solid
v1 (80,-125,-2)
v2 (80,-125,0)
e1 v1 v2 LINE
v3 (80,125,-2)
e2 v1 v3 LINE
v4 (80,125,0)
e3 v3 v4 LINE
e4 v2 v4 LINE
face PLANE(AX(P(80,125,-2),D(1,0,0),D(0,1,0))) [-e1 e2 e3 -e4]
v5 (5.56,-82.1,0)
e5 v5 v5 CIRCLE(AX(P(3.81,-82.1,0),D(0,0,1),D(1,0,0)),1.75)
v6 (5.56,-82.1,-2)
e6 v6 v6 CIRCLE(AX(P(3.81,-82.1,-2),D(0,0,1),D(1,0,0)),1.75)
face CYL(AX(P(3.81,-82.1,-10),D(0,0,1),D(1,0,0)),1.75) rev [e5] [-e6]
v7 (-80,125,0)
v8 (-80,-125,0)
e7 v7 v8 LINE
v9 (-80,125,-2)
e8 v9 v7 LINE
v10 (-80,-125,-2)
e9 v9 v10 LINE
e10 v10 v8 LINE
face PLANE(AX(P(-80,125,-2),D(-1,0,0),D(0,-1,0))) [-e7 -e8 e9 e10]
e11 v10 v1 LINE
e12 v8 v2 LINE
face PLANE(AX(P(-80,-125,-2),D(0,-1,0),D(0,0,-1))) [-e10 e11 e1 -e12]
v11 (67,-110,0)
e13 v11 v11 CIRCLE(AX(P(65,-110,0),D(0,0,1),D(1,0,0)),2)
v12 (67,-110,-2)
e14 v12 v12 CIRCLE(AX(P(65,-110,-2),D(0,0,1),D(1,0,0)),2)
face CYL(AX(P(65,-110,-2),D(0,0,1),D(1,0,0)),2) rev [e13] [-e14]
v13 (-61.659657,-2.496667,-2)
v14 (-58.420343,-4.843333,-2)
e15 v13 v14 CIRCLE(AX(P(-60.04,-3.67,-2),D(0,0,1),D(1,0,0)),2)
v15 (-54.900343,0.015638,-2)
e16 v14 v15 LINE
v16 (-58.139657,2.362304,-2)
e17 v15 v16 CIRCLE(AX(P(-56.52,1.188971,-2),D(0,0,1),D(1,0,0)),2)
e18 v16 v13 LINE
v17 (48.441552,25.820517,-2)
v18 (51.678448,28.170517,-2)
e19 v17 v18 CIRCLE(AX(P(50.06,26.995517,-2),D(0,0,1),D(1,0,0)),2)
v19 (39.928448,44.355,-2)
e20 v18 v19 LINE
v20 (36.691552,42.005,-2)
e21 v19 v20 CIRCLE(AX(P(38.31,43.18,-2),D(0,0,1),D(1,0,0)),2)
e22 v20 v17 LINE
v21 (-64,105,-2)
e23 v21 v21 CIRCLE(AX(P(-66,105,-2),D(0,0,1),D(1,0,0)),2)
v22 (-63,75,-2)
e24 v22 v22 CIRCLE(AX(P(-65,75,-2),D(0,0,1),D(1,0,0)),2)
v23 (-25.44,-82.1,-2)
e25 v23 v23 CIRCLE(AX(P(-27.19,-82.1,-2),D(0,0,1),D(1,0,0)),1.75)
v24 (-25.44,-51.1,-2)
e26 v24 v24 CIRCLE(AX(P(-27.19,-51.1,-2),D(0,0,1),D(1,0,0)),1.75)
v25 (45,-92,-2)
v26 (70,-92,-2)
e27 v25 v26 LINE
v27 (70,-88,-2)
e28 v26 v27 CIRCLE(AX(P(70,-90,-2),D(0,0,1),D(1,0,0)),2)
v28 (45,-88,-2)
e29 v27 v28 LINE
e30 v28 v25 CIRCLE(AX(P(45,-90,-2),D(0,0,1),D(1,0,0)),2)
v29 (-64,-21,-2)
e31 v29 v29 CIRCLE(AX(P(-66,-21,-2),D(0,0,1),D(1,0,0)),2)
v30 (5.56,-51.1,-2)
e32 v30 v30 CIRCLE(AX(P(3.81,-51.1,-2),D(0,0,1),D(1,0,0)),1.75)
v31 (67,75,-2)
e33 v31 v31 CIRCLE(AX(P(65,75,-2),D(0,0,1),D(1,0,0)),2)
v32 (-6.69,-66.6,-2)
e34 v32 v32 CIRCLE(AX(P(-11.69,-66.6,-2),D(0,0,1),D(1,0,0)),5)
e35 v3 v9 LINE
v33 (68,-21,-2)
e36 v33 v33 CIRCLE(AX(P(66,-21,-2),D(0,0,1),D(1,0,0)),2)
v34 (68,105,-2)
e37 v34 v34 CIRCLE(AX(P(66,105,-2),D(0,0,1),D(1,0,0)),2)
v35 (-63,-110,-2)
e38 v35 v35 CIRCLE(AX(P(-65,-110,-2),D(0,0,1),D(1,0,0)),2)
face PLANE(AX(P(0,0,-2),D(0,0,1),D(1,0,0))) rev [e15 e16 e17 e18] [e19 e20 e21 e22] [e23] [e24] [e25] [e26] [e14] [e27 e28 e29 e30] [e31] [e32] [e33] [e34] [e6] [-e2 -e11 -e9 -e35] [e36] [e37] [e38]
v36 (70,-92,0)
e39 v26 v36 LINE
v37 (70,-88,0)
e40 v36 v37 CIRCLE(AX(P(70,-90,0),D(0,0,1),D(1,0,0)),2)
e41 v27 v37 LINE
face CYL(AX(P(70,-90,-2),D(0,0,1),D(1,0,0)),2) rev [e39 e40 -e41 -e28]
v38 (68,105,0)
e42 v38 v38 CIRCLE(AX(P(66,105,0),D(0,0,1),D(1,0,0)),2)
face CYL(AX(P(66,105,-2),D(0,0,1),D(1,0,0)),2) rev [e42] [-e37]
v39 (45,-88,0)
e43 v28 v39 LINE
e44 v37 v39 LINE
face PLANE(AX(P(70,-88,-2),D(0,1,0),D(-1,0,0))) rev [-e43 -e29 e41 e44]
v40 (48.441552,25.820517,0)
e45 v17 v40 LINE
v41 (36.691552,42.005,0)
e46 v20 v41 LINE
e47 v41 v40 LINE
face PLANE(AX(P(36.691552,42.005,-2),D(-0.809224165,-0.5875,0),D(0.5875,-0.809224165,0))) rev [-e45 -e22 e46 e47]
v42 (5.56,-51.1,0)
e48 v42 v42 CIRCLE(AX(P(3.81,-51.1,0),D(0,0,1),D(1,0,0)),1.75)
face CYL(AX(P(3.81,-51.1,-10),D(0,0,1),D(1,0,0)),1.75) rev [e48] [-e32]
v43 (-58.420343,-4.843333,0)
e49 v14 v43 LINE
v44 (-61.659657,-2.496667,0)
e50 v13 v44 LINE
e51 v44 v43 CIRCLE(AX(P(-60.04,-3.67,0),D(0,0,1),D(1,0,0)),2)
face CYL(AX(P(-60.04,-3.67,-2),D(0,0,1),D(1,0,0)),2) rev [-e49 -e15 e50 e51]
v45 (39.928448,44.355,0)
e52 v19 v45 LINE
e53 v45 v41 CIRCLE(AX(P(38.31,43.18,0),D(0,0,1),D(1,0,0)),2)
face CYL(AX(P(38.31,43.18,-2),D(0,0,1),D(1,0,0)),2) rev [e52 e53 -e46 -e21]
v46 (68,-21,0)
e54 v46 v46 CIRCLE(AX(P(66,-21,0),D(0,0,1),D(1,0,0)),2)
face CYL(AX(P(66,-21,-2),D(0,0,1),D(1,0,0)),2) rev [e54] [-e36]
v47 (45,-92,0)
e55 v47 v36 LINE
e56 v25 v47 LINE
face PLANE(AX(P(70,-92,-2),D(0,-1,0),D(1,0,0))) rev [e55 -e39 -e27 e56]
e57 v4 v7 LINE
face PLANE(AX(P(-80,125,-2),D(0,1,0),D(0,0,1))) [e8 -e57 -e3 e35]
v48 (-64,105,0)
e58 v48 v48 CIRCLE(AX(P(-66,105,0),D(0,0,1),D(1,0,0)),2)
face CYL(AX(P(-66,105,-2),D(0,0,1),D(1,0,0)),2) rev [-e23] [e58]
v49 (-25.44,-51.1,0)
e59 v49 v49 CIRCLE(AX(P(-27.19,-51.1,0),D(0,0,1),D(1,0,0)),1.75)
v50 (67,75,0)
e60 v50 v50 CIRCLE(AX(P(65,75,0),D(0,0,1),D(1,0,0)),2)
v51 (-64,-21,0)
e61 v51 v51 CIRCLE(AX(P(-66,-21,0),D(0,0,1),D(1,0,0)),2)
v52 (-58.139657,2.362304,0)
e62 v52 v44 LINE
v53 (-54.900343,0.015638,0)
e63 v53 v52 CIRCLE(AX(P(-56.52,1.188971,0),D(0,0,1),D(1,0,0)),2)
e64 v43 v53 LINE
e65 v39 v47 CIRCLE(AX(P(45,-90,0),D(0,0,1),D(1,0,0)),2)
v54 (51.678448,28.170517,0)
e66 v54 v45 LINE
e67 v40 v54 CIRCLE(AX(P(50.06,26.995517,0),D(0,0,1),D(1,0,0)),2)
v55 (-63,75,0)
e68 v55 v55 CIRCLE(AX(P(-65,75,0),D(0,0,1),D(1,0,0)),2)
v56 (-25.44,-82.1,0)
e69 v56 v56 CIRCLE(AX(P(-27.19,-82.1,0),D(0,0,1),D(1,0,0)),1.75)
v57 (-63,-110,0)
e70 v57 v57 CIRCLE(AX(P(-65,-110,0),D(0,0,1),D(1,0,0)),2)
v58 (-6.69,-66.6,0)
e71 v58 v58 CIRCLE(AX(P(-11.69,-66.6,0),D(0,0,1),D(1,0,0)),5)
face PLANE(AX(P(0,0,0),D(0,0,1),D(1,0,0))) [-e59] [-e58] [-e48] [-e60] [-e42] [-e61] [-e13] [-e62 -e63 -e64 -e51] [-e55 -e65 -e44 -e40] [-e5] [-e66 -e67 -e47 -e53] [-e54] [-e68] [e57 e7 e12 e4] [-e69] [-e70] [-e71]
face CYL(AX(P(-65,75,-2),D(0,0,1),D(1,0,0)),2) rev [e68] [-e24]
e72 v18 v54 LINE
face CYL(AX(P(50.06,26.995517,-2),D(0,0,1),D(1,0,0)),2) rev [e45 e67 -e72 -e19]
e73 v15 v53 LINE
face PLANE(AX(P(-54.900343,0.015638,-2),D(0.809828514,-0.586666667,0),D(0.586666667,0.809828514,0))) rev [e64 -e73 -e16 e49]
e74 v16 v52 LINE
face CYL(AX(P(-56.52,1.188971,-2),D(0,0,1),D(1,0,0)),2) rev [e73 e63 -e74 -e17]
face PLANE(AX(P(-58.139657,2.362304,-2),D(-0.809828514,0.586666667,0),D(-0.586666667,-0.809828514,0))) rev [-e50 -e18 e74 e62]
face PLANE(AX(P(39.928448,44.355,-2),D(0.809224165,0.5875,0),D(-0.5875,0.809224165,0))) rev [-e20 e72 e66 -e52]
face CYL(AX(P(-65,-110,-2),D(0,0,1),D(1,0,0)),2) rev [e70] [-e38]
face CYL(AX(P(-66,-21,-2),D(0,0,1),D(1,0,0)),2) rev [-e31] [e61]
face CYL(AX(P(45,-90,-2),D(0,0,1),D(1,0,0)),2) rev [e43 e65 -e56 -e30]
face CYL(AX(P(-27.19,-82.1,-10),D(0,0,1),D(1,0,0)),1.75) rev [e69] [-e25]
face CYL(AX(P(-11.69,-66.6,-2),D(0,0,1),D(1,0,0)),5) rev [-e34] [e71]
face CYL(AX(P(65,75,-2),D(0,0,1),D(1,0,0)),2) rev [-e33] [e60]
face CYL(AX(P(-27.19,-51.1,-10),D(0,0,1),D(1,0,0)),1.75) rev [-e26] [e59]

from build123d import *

# Parameters (mm, degrees)
SKETCH1_W           = 160
SKETCH1_H           = 250
BOSS_EXTRUDE1_DEPTH = 2
SKETCH2_R           = 5
SKETCH2_R_2         = 2
CUT_EXTRUDE1_DEPTH  = 149.421696527
SKETCH3_R           = 1.75
CUT_EXTRUDE2_DEPTH  = 10


with BuildPart() as part:
    # Sketch1 → Boss-Extrude1 (new body)
    with BuildSketch(Plane.XY):
        Rectangle(SKETCH1_W, SKETCH1_H)
    extrude(amount=-BOSS_EXTRUDE1_DEPTH)

    # Sketch2 → Cut-Extrude1 (cut, through all)
    with BuildSketch(Plane.XY):
        with Locations((-11.69, -66.6)):
            Circle(SKETCH2_R)
        with Locations((-66, -21)):
            Circle(SKETCH2_R_2)
        with Locations((66, -21)):
            Circle(SKETCH2_R_2)
        with Locations((-66, 105)):
            Circle(SKETCH2_R_2)
        with Locations((66, 105)):
            Circle(SKETCH2_R_2)
        with Locations((65, 75)):
            Circle(SKETCH2_R_2)
        with Locations((-65, 75)):
            Circle(SKETCH2_R_2)
        with Locations((-65, -110)):
            Circle(SKETCH2_R_2)
        with Locations((65, -110)):
            Circle(SKETCH2_R_2)
        with BuildLine():
            Line((70, -92), (45, -92))
            ThreePointArc((45, -92), (43, -90), (45, -88))
            Line((45, -88), (70, -88))
            ThreePointArc((70, -88), (72, -90), (70, -92))
        make_face()
        with BuildLine():
            Line((-54.900342972, 0.015637751), (-58.420342972, -4.843333333))
            ThreePointArc((-58.420342972, -4.843333333), (-61.213333333, -5.289657028), (-61.659657028, -2.496666667))
            Line((-61.659657028, -2.496666667), (-58.139657028, 2.362304418))
            ThreePointArc((-58.139657028, 2.362304418), (-55.346666667, 2.808628113), (-54.900342972, 0.015637751))
        make_face()
        with BuildLine():
            Line((39.928448331, 44.355), (51.678448331, 28.17051669))
            ThreePointArc((51.678448331, 28.17051669), (51.235, 25.377068359), (48.441551669, 25.82051669))
            Line((48.441551669, 25.82051669), (36.691551669, 42.005))
            ThreePointArc((36.691551669, 42.005), (37.135, 44.798448331), (39.928448331, 44.355))
        make_face()
    extrude(amount=-CUT_EXTRUDE1_DEPTH, mode=Mode.SUBTRACT)

    # Sketch3 → Cut-Extrude2 (cut)
    with BuildSketch(Plane.XY):
        with Locations((-27.19, -51.1)):
            Circle(SKETCH3_R)
        with Locations((3.81, -51.1)):
            Circle(SKETCH3_R)
        with Locations((3.81, -82.1)):
            Circle(SKETCH3_R)
        with Locations((-27.19, -82.1)):
            Circle(SKETCH3_R)
    extrude(amount=-CUT_EXTRUDE2_DEPTH, mode=Mode.SUBTRACT)


solid = part.part
